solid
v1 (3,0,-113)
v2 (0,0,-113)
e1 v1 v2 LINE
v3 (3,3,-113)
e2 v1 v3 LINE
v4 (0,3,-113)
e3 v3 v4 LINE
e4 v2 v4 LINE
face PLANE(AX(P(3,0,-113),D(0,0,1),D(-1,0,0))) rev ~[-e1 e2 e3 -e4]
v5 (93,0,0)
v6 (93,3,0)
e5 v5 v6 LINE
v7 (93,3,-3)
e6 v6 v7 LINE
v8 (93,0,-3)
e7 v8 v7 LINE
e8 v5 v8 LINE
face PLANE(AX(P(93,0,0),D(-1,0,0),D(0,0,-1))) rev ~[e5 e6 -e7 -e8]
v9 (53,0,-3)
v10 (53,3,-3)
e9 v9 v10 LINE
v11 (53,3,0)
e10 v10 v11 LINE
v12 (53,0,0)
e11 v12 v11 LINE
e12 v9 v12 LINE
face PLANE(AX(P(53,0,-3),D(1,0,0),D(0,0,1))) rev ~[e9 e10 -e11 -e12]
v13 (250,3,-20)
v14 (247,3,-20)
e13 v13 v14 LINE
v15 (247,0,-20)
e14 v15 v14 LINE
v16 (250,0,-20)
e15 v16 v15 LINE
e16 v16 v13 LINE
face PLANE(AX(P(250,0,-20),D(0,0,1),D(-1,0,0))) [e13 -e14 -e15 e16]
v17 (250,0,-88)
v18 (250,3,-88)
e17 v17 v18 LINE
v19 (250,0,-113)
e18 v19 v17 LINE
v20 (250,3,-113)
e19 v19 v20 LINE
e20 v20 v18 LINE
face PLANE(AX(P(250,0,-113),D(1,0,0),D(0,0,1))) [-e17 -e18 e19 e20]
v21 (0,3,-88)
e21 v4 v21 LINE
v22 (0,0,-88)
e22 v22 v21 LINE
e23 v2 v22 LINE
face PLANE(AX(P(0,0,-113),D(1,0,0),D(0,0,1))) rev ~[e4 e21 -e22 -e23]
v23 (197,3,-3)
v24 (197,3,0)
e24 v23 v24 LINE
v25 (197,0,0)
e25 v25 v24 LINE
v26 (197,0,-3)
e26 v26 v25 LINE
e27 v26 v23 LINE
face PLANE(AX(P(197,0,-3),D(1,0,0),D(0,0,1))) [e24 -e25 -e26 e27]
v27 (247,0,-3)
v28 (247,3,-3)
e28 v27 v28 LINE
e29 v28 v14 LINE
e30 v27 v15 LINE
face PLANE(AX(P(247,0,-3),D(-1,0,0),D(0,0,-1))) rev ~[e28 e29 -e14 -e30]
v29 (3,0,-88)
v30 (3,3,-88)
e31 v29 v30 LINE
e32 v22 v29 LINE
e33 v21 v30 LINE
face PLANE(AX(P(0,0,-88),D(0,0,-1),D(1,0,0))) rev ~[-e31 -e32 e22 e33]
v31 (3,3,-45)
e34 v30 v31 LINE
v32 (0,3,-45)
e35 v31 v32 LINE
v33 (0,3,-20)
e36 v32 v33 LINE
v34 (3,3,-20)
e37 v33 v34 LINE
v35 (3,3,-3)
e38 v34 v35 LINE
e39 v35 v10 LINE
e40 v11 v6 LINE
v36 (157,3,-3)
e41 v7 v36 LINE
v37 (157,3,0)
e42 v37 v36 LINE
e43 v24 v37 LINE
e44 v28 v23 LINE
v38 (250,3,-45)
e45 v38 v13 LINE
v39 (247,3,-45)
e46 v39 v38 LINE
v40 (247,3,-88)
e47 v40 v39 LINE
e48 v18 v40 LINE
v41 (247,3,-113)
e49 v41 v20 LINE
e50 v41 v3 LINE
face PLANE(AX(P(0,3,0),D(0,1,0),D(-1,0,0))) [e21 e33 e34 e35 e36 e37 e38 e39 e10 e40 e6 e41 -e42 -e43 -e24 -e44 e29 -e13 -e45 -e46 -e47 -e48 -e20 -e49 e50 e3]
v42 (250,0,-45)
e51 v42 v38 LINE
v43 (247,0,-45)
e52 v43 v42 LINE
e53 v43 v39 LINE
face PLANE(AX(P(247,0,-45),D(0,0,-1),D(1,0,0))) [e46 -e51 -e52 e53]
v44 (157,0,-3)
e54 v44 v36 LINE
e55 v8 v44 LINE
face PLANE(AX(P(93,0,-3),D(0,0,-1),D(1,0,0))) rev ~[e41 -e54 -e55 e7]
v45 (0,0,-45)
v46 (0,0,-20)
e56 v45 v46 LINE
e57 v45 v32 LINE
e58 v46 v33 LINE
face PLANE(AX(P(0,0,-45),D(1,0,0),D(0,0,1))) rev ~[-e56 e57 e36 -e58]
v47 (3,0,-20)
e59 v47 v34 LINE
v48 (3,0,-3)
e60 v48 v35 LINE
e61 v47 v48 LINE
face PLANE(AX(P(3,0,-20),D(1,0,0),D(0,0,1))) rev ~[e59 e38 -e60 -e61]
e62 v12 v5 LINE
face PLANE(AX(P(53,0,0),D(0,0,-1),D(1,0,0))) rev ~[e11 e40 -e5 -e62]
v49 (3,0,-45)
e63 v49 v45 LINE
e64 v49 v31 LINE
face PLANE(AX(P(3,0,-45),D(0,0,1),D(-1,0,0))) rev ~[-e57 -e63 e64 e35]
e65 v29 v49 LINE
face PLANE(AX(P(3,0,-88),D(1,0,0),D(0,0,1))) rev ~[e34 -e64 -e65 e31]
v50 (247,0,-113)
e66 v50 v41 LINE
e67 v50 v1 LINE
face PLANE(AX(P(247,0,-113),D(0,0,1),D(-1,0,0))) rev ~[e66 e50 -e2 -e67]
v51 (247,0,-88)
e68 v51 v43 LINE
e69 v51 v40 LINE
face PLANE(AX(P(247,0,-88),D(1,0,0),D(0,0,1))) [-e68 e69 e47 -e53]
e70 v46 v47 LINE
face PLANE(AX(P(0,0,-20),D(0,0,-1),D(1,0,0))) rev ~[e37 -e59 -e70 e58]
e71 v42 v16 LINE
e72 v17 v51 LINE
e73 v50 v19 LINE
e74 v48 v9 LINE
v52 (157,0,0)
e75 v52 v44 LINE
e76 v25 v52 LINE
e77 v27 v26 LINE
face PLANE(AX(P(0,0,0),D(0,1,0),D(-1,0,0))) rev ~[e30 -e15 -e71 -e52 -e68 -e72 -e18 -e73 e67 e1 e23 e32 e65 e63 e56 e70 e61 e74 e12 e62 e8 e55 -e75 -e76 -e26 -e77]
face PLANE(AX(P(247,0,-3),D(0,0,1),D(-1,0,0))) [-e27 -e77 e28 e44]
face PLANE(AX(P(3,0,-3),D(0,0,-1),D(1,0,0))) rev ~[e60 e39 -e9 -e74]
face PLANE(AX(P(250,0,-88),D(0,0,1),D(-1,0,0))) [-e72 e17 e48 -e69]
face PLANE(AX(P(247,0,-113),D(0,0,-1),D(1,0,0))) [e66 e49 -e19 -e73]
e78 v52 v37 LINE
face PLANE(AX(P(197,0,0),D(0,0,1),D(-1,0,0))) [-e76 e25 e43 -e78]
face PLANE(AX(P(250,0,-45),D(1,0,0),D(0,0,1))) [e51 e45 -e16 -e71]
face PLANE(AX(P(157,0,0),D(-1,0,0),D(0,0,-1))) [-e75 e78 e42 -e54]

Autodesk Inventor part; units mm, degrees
ref_plane "YZ Plane" through (0, 0, 0) normal (1, 0, 0) x (0, 1, 0)
ref_plane "XZ Plane" through (0, 0, 0) normal (0, 1, 0) x (-1, 0, 0)
ref_plane "XY Plane" through (0, 0, 0) normal (0, 0, 1) x (1, 0, 0)
sketch "Sketch1" plane through (0, 0, 0) normal (0, 1, 0) x (-1, 0, 0)
  line L0 (-247, -113) -> (-3, -113)
  line L1 (-3, -113) -> (0, -113)
  line L2 (0, -113) -> (0, -88)
  line L3 (0, -88) -> (-3, -88)
  line L4 (-3, -88) -> (-3, -45)
  line L5 (-3, -45) -> (0, -45)
  line L6 (0, -45) -> (0, -20)
  line L7 (0, -20) -> (-3, -20)
  line L8 (-247, -113) -> (-250, -113)
  line L9 (-250, -113) -> (-250, -88)
  line L10 (-250, -88) -> (-247, -88)
  line L11 (-247, -88) -> (-247, -45)
  line L12 (-247, -88) -> (-204, -88) construction
  line L13 (-247, -45) -> (-250, -45)
  line L14 (-250, -45) -> (-250, -20)
  line L15 (-250, -20) -> (-247, -20)
  line L16 (-3, -88) -> (-3, -45)
  line L17 (-3, -20) -> (-3, -3)
  line L18 (-247, -3) -> (-247, -20)
  line L19 (-247, -45) -> (-247, -88)
  line L20 (-3, -3) -> (-53, -3)
  line L21 (-53, -3) -> (-53, 0)
  line L22 (-53, 0) -> (-93, 0)
  line L23 (-93, 0) -> (-93, -3)
  line L24 (-247, -3) -> (-197, -3)
  line L25 (-197, -3) -> (-197, 0)
  line L26 (-197, 0) -> (-157, 0)
  line L27 (-157, 0) -> (-157, -3)
  line L28 (-197, -3) -> (-247, -3)
  line L29 (-3, -3) -> (-53, -3)
  line L30 (-93, -3) -> (-157, -3)
  point P0 (0, 0)
  dimension "d3" = 244
  dimension "d4" = 110
  dimension "d5" = 244
  dimension "d6" = 3
  dimension "d7" = 25
  dimension "d8" = 90
  dimension "d9" = 3
  dimension "d10" = 43
  dimension "d12" = 25
  dimension "d13" = 3
  dimension "d14" = 25
  dimension "d15" = 3
  dimension "d16" = 43
  dimension "d17" = 90
  dimension "d18" = 3
  dimension "d19" = 25
  dimension "d22" = 50
  dimension "d23" = 3
  dimension "d24" = 40
  dimension "d25" = 50
  dimension "d26" = 3
  dimension "d27" = 40
extrude "Extrusion1" add sketch "Sketch1" along normal blind 3
properties part number "InSupp"
